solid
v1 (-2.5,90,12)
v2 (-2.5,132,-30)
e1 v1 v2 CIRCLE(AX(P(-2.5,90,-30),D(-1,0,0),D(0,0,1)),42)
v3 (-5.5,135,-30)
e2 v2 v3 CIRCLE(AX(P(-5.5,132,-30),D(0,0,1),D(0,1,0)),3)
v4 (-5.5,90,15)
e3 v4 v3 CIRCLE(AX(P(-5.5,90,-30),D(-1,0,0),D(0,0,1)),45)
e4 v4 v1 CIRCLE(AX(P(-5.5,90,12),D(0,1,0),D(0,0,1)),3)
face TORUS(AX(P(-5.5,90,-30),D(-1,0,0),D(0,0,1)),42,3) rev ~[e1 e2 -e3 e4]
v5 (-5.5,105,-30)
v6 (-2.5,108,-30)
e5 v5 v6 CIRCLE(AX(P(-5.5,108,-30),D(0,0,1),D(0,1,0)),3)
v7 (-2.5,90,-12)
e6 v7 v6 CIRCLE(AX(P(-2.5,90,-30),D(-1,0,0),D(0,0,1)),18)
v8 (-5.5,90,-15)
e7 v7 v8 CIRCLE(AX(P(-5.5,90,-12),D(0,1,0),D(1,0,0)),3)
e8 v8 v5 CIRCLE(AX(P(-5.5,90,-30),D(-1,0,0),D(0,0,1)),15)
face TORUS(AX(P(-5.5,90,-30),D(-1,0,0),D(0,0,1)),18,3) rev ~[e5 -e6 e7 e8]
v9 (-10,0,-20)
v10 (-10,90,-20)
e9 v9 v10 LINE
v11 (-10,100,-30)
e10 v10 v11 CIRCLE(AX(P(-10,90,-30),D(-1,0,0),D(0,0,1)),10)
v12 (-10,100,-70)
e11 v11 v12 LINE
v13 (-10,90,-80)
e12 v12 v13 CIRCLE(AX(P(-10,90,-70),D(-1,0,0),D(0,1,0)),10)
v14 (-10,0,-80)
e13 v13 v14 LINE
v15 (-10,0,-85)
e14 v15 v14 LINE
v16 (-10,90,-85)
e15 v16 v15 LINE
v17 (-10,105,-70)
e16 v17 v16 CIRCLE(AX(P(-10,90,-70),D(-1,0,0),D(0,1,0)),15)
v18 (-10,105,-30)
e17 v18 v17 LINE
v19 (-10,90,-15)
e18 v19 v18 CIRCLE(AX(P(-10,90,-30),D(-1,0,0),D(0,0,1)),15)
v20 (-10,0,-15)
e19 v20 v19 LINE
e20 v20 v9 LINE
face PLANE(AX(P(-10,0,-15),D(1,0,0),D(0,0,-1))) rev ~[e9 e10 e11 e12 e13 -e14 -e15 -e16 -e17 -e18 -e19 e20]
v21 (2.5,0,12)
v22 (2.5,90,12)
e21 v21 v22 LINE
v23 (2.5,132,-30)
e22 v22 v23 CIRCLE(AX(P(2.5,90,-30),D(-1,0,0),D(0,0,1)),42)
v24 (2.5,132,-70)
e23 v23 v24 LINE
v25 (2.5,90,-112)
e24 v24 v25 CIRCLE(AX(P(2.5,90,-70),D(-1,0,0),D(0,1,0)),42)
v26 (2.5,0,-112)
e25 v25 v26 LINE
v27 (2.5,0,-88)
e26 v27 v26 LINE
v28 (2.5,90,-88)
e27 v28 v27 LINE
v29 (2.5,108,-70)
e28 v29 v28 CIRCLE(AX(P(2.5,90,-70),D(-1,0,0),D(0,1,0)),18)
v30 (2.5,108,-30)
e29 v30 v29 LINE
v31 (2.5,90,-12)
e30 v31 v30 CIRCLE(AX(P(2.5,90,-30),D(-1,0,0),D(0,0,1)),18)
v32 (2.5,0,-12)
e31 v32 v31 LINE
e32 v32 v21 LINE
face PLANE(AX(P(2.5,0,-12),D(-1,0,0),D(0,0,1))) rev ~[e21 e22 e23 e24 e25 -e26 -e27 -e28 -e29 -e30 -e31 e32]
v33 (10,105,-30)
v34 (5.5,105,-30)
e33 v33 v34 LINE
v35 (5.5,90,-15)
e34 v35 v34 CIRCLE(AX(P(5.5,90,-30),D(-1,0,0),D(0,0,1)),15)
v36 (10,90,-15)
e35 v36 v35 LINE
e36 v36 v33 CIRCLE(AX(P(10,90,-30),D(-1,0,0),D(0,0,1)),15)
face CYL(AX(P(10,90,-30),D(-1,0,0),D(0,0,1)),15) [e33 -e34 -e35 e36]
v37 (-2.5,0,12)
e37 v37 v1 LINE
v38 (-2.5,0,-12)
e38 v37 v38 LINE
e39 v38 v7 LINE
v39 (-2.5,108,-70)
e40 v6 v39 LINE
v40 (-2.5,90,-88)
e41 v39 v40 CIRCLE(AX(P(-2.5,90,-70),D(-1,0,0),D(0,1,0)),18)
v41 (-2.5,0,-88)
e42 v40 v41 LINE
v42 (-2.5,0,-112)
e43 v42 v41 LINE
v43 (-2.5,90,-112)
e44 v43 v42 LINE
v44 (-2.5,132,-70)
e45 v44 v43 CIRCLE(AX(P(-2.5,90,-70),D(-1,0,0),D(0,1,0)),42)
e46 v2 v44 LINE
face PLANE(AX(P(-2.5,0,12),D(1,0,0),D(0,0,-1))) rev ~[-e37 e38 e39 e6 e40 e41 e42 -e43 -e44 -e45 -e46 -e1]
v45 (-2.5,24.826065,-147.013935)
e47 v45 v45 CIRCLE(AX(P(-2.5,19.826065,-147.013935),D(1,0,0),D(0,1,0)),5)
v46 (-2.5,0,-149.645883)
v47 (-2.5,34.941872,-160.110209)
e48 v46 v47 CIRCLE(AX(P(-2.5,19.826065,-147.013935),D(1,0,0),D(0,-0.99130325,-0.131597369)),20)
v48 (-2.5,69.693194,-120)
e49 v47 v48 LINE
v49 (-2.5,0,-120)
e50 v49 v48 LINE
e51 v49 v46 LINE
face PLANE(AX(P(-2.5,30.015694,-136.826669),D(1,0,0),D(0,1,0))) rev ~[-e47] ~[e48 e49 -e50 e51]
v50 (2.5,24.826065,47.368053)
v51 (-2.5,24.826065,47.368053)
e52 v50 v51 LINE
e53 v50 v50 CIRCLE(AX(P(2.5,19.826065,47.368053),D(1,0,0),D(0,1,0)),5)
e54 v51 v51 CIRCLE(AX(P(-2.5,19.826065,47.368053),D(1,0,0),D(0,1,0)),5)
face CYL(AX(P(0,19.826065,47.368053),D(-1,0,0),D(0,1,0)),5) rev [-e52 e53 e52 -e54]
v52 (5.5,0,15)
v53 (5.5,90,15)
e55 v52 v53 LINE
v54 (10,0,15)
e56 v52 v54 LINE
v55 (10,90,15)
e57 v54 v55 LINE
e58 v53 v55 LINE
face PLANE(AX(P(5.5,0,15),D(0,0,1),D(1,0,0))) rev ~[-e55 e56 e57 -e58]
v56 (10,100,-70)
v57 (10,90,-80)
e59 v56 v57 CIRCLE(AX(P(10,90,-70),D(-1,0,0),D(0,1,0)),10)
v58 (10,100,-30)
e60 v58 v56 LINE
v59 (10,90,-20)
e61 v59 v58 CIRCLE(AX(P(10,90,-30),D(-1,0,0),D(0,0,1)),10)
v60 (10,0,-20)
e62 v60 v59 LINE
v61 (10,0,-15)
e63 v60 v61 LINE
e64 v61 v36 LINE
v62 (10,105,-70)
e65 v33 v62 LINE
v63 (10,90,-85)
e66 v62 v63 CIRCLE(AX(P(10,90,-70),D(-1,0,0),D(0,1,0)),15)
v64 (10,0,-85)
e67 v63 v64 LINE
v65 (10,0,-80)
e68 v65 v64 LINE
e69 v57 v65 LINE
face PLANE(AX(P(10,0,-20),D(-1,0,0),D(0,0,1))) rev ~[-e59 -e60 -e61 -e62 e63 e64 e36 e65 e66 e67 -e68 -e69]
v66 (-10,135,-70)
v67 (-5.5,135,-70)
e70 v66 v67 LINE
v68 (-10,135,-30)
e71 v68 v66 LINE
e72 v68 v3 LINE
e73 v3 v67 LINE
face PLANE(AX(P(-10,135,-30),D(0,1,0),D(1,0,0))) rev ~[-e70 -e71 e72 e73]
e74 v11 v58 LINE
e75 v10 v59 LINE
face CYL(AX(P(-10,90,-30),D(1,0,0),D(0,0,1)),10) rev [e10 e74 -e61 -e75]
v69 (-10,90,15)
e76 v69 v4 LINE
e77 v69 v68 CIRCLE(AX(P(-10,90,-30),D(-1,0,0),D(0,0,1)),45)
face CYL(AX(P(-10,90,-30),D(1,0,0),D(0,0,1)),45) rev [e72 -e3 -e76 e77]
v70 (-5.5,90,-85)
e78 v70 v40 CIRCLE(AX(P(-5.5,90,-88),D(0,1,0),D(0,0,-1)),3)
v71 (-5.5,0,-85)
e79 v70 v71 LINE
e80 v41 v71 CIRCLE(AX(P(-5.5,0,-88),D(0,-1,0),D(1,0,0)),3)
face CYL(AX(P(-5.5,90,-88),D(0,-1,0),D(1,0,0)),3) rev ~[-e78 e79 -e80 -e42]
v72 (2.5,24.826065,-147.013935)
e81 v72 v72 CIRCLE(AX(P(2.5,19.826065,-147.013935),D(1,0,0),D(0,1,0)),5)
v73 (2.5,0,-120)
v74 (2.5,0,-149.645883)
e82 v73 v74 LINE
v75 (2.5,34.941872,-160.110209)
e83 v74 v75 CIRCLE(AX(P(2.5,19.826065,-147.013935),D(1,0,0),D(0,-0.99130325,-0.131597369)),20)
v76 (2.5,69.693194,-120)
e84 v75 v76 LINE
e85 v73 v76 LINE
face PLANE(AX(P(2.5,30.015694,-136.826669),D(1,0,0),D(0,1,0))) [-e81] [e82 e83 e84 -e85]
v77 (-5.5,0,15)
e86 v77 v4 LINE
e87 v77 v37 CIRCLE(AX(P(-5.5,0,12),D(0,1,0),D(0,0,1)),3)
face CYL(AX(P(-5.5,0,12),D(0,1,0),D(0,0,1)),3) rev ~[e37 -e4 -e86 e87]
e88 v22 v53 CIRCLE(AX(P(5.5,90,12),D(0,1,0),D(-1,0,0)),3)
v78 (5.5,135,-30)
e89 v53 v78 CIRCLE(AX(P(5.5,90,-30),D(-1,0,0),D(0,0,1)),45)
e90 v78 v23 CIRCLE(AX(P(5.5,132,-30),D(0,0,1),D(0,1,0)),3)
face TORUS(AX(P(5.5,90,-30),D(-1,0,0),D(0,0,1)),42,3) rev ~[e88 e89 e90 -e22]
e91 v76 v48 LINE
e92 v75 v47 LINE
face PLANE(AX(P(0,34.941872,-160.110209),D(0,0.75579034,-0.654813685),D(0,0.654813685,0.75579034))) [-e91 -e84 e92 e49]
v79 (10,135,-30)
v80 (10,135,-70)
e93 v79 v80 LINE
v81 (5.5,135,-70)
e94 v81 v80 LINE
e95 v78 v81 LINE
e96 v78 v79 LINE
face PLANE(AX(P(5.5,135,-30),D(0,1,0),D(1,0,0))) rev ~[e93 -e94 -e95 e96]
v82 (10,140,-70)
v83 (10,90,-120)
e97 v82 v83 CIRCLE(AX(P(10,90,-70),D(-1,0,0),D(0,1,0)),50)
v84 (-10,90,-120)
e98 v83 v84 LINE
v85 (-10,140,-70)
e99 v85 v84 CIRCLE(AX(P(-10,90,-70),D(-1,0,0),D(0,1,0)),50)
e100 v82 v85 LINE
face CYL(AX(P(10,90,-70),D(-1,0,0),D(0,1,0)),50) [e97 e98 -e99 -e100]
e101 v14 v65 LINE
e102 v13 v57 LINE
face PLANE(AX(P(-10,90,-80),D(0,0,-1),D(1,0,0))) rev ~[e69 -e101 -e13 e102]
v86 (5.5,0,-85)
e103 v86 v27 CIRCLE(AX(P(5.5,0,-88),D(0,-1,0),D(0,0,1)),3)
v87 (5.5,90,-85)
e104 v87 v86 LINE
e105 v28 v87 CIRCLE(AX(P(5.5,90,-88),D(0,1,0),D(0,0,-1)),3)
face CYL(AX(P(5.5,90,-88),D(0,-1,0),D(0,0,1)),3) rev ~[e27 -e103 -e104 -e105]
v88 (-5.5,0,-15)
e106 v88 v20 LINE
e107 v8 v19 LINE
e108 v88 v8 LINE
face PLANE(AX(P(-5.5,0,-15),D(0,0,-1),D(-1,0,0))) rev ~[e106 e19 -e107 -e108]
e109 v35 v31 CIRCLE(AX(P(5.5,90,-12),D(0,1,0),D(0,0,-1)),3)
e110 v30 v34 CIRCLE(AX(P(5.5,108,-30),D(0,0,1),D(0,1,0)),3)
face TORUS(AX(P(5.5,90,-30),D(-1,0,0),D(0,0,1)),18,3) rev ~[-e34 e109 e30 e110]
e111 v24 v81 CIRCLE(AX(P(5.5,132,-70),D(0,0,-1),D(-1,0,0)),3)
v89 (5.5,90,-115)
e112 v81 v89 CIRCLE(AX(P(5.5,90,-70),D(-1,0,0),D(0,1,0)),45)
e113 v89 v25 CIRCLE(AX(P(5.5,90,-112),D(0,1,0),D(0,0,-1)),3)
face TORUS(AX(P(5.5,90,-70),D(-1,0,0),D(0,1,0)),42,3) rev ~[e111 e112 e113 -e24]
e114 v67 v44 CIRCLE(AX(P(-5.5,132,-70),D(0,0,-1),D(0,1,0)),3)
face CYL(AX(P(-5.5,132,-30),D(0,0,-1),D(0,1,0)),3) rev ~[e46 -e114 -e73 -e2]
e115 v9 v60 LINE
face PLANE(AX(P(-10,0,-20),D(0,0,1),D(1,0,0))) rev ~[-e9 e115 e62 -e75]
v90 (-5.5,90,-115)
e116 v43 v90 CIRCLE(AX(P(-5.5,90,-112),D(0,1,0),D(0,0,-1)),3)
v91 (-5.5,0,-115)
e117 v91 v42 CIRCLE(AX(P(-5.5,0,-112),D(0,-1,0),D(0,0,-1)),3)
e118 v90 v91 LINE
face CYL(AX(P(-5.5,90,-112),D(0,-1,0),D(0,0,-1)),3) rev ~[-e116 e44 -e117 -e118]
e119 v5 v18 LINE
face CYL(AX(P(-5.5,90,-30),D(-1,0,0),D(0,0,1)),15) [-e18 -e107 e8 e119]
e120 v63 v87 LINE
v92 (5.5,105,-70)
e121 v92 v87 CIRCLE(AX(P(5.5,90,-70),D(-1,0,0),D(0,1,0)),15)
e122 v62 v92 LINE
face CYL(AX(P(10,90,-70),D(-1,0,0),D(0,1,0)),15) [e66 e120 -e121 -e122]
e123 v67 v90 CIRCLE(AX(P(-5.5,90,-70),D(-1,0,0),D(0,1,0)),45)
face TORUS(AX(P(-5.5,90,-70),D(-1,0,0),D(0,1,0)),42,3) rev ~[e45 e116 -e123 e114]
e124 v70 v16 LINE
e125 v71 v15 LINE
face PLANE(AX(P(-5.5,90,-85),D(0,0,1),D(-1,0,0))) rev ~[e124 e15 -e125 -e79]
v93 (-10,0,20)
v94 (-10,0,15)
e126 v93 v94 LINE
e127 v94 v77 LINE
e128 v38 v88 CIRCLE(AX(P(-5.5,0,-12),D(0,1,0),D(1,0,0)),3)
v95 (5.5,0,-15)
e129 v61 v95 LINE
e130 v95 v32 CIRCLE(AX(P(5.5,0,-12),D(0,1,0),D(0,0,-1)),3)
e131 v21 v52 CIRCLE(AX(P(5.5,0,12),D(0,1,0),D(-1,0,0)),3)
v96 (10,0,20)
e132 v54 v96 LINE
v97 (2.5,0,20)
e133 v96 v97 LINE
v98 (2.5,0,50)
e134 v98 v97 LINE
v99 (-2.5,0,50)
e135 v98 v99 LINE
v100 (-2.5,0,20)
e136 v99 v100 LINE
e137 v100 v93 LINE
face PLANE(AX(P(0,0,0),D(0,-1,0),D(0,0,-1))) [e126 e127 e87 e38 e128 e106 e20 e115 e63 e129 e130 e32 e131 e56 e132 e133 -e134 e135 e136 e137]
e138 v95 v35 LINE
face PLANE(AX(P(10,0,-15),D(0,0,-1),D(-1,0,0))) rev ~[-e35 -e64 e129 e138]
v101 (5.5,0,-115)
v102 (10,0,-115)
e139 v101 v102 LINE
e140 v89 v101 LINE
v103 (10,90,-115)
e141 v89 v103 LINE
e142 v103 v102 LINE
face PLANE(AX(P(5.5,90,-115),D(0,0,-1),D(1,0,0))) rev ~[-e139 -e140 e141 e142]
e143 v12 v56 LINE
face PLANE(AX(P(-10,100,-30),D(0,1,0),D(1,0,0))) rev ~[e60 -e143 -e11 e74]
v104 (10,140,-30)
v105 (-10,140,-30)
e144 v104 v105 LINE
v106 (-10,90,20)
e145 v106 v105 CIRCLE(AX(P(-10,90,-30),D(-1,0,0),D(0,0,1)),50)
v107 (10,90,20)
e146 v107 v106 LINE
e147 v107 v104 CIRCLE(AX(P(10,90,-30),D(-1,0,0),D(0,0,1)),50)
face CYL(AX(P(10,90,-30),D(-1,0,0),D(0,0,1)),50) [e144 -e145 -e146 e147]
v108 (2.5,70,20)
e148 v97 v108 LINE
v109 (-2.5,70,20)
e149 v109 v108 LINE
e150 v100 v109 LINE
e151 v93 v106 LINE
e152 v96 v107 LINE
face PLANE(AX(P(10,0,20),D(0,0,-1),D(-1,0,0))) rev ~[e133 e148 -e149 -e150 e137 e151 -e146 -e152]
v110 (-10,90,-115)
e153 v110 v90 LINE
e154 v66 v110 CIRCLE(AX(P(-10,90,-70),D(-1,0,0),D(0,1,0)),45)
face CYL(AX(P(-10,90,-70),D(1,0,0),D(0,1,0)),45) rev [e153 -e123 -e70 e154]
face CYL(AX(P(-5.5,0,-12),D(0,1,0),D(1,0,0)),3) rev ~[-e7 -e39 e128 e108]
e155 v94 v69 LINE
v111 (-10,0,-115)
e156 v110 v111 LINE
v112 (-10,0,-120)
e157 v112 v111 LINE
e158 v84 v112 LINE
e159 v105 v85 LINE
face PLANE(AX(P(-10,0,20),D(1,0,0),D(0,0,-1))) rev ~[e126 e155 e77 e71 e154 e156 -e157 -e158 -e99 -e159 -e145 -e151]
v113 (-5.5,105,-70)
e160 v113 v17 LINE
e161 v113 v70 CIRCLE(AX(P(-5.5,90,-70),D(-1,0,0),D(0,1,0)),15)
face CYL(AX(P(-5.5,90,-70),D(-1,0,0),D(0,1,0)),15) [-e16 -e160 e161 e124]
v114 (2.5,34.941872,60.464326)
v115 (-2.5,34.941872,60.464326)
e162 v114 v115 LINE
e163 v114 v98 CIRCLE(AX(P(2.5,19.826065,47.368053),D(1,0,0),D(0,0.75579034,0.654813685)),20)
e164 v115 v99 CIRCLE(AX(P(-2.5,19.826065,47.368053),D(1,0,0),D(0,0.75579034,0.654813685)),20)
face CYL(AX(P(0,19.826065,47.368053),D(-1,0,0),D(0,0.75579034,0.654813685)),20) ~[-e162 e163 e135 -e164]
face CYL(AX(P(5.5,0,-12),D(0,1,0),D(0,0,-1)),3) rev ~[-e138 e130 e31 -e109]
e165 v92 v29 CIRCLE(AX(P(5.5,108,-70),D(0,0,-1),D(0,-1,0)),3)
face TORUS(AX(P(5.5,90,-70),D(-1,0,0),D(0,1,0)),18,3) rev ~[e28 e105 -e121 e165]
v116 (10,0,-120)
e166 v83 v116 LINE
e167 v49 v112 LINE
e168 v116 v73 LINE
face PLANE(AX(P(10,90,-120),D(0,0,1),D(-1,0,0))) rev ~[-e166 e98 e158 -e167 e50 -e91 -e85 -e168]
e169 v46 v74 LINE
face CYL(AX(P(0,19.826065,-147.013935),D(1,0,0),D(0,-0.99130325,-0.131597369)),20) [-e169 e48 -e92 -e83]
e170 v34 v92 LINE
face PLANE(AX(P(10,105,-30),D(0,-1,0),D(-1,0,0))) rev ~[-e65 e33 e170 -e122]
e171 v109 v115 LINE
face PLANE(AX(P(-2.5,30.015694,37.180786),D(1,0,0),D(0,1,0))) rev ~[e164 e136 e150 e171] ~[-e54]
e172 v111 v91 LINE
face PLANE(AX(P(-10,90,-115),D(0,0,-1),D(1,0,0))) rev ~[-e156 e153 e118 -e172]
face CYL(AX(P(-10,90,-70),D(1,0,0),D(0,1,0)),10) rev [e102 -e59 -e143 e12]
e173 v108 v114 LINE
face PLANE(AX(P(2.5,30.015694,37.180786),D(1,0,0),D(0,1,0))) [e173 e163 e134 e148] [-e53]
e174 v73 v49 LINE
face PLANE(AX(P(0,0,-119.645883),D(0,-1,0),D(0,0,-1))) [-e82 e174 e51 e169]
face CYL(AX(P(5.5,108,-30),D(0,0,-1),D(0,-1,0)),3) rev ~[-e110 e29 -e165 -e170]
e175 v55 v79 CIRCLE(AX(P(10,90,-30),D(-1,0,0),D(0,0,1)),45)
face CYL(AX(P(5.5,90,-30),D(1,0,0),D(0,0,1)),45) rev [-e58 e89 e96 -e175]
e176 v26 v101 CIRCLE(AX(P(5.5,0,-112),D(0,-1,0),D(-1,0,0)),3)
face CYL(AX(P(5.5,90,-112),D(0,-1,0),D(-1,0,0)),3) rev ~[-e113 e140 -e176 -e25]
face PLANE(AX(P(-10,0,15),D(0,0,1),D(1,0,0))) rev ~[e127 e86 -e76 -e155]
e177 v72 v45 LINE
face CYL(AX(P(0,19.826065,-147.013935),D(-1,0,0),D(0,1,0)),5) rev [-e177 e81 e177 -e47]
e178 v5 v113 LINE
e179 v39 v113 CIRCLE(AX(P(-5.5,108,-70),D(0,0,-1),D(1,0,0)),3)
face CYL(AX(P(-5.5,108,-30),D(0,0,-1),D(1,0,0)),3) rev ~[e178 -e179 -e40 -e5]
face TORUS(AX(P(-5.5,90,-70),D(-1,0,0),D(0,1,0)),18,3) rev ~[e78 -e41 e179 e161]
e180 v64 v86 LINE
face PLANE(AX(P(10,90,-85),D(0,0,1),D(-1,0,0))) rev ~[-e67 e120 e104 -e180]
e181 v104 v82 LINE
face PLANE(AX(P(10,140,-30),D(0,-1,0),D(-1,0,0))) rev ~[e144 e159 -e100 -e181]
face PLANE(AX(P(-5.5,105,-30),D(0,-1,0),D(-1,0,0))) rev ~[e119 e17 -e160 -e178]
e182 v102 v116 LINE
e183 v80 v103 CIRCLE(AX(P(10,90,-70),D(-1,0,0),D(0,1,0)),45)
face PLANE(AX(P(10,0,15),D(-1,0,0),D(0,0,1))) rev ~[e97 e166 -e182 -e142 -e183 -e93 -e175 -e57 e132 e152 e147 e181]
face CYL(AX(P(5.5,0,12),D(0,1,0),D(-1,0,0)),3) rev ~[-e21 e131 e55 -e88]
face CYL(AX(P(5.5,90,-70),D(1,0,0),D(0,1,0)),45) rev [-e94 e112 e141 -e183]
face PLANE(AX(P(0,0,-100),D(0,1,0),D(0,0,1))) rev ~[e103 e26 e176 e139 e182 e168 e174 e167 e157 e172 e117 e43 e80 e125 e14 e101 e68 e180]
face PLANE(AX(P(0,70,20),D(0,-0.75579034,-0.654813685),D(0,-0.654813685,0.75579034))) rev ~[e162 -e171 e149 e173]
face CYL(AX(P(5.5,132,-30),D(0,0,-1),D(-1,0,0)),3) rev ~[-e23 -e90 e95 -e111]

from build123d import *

# Parameters (mm, degrees)
F3_R     = 5
F4_DEPTH = 2.5


with BuildPart() as f2:
    # F2: sweep along a path in F1
    with BuildLine(Plane.YZ) as f2_path:
        Line((0, -20), (90, -20))
        ThreePointArc((90, -20), (97.0710678119, -22.9289321881), (100, -30))
        Line((100, -30), (100, -70))
        ThreePointArc((100, -70), (97.0710678119, -77.0710678119), (90, -80))
        Line((90, -80), (0, -80))
    # F0 (on Front) → F2 (sweep)
    with BuildSketch(Plane.XZ):
        with BuildLine():
            Line((10, 20), (0, 20))
            Line((0, 20), (-10, 20))
            Line((-10, 20), (-10, 15))
            Line((-10, 15), (-5.5, 15))
            ThreePointArc((-5.5, 15), (-3.3786796564, 14.1213203436), (-2.5, 12))
            Line((-2.5, 12), (-2.5, 0))
            Line((-2.5, 0), (-2.5, -12))
            ThreePointArc((-2.5, -12), (-3.3786796564, -14.1213203436), (-5.5, -15))
            Line((-5.5, -15), (-10, -15))
            Line((-10, -15), (-10, -20))
            Line((-10, -20), (0, -20))
            Line((0, -20), (10, -20))
            Line((10, -20), (10, -15))
            Line((10, -15), (5.5, -15))
            ThreePointArc((5.5, -15), (3.3786796564, -14.1213203436), (2.5, -12))
            Line((2.5, -12), (2.5, 0))
            Line((2.5, 0), (2.5, 12))
            ThreePointArc((2.5, 12), (3.3786796564, 14.1213203436), (5.5, 15))
            Line((5.5, 15), (10, 15))
            Line((10, 15), (10, 20))
        make_face()
    sweep(path=f2_path.line)

    # F3 (on Right) → F4 (join, symmetric)
    with BuildSketch(Plane.YZ):
        with BuildLine():
            Line((0, 50), (0, 20))
            Line((0, 20), (70, 20))
            Line((70, 20), (34.9418717867, 60.4643263237))
            ThreePointArc((34.9418717867, 60.4643263237), (14.0882810613, 66.5273280665), (0, 50))
        make_face()
        with Locations((19.8260649902, 47.3680526213)):
            Circle(F3_R, mode=Mode.SUBTRACT)
        with BuildLine():
            Line((70, -119.6458828449), (0, -119.6458828449))
            Line((0, -119.6458828449), (0, -149.6458828449))
            ThreePointArc((0, -149.6458828449), (14.0882810613, -166.1732109114), (34.9418717867, -160.1102091686))
            Line((34.9418717867, -160.1102091686), (70, -119.6458828449))
        make_face()
        with Locations((19.8260649902, -147.0139354662)):
            Circle(F3_R, mode=Mode.SUBTRACT)
    extrude(amount=F4_DEPTH, both=True)


solid = f2.part
